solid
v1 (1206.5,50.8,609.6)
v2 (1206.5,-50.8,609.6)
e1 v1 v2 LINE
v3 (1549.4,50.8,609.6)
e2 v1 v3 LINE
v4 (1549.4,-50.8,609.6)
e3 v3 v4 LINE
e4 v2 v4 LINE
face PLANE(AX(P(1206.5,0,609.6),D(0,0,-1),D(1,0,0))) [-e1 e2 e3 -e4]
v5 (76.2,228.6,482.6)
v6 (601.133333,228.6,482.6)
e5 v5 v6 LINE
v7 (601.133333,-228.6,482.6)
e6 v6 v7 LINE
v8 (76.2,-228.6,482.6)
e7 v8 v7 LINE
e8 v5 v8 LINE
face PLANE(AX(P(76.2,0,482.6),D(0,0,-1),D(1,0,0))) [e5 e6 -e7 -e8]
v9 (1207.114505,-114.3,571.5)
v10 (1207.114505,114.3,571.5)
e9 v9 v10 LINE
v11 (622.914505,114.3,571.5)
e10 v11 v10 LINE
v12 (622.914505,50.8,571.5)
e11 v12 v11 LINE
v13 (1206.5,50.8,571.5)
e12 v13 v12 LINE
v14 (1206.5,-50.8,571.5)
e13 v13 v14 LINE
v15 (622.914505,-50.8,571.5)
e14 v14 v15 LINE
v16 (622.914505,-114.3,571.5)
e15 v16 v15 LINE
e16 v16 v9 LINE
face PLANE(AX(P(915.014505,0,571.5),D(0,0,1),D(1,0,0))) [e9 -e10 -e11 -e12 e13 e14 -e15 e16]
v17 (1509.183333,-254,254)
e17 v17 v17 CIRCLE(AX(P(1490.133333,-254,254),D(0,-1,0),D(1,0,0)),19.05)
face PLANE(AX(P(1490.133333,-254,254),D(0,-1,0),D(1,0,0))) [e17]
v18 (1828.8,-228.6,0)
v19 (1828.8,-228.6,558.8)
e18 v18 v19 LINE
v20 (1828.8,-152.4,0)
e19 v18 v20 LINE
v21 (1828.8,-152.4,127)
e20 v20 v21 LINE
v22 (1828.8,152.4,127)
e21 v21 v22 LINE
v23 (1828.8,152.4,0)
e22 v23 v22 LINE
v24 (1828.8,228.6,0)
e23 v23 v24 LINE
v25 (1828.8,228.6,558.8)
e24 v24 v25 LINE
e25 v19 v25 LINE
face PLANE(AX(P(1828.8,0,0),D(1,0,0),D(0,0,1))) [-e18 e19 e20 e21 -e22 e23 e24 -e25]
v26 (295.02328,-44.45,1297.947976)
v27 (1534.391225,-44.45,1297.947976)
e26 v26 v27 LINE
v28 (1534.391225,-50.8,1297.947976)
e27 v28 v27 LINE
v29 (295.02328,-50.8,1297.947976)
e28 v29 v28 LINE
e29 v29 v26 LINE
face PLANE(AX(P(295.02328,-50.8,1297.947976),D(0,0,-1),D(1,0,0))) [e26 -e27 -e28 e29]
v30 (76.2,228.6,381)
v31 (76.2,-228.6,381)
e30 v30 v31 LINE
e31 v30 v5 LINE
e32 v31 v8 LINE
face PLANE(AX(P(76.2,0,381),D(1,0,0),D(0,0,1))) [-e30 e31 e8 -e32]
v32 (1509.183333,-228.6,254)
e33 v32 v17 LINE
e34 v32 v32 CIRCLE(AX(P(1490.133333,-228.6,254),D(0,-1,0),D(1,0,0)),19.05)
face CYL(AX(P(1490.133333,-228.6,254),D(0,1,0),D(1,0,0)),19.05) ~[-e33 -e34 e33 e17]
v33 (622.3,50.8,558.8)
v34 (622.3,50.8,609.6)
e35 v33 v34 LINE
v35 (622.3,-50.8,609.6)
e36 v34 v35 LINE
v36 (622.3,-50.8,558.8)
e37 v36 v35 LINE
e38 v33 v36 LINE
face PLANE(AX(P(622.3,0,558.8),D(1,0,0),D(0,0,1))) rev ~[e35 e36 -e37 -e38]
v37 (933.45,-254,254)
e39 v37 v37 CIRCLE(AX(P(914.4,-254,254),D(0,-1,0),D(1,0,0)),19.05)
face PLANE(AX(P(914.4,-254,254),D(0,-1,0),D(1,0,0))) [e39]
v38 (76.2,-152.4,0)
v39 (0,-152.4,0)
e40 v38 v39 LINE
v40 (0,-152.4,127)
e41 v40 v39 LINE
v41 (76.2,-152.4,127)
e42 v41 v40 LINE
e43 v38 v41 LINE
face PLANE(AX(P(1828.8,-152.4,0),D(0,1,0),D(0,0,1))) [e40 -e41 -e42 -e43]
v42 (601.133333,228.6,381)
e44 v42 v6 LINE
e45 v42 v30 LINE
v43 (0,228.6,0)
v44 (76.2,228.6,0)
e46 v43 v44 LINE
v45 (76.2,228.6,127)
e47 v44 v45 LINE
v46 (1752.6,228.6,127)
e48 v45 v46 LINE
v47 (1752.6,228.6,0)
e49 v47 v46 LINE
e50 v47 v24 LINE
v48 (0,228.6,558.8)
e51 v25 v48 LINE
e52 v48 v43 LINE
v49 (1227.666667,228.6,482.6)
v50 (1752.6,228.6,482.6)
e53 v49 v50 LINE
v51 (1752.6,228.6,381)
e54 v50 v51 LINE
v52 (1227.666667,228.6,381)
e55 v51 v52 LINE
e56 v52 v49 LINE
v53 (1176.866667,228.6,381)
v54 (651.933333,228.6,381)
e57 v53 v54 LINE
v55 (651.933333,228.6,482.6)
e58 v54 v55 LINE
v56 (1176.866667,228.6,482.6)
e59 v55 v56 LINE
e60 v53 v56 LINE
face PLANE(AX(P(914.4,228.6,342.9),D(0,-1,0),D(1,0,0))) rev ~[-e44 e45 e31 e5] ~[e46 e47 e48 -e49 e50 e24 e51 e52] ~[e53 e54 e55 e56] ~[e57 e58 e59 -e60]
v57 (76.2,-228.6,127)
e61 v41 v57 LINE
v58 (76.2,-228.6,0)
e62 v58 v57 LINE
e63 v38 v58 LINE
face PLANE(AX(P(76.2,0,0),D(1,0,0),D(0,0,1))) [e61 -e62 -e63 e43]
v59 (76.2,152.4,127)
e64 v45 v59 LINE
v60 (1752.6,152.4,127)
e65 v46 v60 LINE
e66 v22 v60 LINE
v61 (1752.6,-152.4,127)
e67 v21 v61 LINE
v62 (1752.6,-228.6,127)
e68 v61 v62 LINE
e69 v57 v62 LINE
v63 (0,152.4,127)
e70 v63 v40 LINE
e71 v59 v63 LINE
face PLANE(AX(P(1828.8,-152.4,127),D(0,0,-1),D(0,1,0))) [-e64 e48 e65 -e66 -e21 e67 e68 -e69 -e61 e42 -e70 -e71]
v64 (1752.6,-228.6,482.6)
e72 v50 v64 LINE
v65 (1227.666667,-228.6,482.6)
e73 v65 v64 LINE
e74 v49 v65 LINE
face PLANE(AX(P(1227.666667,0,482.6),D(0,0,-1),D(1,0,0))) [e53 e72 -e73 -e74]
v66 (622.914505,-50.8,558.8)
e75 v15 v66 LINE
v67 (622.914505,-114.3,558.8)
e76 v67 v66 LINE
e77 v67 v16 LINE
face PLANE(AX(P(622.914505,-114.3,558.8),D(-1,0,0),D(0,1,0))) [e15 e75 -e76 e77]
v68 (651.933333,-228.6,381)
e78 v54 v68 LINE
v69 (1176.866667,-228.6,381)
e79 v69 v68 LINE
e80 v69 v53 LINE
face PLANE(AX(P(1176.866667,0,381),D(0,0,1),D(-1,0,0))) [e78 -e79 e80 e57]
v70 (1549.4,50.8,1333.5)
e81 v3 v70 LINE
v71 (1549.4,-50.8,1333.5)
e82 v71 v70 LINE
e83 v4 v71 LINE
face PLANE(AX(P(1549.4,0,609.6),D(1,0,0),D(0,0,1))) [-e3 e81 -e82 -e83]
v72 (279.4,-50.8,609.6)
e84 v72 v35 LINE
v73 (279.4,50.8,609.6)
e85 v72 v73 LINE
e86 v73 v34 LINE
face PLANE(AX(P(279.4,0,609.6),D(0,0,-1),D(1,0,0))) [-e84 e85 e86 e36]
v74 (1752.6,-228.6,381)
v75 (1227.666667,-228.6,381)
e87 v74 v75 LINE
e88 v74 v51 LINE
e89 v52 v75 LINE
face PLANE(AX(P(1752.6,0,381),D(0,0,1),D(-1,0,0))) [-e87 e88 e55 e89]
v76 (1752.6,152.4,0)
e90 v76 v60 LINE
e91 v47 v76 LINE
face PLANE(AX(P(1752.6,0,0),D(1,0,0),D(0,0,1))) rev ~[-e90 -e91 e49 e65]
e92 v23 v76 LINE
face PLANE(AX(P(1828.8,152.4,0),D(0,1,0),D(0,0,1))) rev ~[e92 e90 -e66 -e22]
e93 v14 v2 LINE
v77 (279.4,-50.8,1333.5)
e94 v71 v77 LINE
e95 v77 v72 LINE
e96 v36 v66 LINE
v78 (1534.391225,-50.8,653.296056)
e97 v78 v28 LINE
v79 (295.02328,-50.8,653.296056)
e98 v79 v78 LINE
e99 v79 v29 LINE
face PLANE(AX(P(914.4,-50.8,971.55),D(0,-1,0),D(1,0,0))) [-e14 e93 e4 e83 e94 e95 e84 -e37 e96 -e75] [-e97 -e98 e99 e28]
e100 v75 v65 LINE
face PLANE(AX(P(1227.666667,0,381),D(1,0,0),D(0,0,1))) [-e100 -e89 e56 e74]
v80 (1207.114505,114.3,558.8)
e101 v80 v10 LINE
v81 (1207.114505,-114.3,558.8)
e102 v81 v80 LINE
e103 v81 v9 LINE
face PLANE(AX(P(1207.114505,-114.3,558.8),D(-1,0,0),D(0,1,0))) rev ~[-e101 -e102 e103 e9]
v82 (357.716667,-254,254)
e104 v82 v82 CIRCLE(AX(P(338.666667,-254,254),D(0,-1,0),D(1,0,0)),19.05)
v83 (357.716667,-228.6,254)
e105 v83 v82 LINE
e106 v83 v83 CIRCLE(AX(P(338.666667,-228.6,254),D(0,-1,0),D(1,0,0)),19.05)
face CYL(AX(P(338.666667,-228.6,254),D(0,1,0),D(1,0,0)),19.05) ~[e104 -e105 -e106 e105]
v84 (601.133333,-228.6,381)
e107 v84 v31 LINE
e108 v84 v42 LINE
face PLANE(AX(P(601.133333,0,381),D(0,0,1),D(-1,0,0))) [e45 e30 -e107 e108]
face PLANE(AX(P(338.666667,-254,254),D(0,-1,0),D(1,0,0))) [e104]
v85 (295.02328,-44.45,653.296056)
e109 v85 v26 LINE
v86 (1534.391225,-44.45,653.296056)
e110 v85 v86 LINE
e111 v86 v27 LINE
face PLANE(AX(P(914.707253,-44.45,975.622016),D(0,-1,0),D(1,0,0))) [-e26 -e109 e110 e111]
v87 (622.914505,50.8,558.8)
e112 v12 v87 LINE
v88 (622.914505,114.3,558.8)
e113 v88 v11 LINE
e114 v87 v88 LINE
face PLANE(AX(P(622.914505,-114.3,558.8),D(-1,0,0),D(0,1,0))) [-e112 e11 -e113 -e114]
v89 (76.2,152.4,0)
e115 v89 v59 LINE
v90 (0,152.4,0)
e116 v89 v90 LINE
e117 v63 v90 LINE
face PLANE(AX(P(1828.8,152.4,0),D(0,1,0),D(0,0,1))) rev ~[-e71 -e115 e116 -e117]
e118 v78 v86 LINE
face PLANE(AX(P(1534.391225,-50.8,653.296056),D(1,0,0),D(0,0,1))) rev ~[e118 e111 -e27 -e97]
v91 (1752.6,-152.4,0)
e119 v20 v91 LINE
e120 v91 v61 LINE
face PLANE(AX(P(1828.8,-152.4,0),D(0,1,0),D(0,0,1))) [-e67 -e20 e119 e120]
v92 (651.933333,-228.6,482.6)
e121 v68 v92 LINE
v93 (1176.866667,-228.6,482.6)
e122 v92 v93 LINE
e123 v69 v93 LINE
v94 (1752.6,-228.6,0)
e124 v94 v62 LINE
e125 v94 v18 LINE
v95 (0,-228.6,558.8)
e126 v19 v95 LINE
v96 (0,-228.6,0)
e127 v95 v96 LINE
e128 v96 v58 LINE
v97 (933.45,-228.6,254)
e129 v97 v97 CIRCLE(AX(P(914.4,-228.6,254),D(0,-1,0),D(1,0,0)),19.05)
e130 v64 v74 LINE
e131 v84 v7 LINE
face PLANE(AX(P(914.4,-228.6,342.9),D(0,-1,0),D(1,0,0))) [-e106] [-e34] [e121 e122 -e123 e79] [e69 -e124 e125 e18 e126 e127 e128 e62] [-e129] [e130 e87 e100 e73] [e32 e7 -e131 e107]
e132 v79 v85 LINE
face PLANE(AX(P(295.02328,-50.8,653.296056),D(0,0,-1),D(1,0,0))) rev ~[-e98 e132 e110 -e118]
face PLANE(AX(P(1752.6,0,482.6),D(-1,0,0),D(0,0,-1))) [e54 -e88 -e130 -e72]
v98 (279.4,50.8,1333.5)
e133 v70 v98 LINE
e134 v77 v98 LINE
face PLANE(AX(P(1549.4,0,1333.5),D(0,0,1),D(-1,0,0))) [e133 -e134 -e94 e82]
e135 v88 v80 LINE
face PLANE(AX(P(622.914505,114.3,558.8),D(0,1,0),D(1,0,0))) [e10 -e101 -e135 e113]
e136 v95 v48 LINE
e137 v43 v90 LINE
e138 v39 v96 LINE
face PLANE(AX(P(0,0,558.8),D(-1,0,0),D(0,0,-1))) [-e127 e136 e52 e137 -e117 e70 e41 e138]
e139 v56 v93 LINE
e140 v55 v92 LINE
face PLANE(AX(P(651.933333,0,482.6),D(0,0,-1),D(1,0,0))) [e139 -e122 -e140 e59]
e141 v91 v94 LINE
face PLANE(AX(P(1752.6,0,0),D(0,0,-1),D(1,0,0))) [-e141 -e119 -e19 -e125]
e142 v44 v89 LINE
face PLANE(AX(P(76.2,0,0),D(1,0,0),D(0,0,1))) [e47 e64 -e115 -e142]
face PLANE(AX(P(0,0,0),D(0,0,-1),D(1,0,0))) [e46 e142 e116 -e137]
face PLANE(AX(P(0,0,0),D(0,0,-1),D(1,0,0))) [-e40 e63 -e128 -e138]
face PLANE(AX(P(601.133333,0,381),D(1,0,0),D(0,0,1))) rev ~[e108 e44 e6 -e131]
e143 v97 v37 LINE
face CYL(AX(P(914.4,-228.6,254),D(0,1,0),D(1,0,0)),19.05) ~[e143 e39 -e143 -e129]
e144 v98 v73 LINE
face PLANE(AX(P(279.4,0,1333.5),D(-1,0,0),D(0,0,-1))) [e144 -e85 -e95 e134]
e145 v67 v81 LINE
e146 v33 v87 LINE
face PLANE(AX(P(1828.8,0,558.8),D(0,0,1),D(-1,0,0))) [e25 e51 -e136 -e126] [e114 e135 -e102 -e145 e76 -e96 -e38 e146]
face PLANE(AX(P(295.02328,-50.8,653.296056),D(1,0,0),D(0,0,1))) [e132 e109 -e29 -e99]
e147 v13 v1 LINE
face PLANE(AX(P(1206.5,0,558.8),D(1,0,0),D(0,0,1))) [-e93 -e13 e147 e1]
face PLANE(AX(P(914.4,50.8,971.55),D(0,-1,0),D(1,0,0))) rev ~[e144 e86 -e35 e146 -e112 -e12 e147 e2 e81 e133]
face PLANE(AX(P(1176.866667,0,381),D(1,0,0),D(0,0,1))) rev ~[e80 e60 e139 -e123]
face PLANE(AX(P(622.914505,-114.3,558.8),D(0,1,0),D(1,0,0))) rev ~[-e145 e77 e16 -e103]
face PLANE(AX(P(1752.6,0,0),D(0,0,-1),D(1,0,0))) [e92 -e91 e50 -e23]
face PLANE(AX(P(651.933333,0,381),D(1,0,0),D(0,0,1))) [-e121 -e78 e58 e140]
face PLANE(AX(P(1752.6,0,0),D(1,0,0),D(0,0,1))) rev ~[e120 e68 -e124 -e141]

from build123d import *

# Parameters (mm, degrees)
F0_W      = 76.2
F0_H      = 127
F0_W_2    = 50.8
F0_H_2    = 101.6
F1_DEPTH  = 228.6
F2_W      = 304.8
F2_H      = 127
F3_DEPTH  = 1828.801
F0_W_3    = 584.2
F0_H_3    = 50.8
F4_DEPTH  = 50.8
F5_W      = 584.2
F5_H      = 228.6
F6_DEPTH  = 12.7
F7_R      = 19.05
F8_DEPTH  = 25.4
F9_W      = 1239.3679447479
F9_H      = 644.6519196678
F10_DEPTH = 6.35


with BuildPart() as f1:
    # F0 (on Front) → F1 (new body, symmetric)
    with BuildSketch(Plane.XZ):
        Polygon((0, 558.8), (0, 127), (76.2, 127), (1752.6, 127), (1828.8, 127), (1828.8, 558.8), (1206.5, 558.8), (622.3, 558.8), align=None)
        Polygon((76.2, 381), (76.2, 482.6), (601.1333333333, 482.6), (651.9333333333, 482.6), (1176.8666666667, 482.6), (1227.6666666667, 482.6), (1752.6, 482.6), (1752.6, 381), (1227.6666666667, 381), (1176.8666666667, 381), (651.9333333333, 381), (601.1333333333, 381), align=None, mode=Mode.SUBTRACT)
        with Locations((38.1, 63.5)):
            Rectangle(F0_W, F0_H)
        with Locations((1790.7, 63.5)):
            Rectangle(F0_W, F0_H)
        with Locations((626.5333333333, 431.8)):
            Rectangle(F0_W_2, F0_H_2)
        with Locations((1202.2666666667, 431.8)):
            Rectangle(F0_W_2, F0_H_2)
    extrude(amount=F1_DEPTH, both=True)

    # F2 (on face) → F3 (cut, through all)
    with BuildSketch(Plane.YZ.offset(1828.8)):
        with Locations((0, 63.5)):
            Rectangle(F2_W, F2_H)
    extrude(amount=-F3_DEPTH, mode=Mode.SUBTRACT)

    # F0 (on Front) → F4 (join, symmetric)
    with BuildSketch(Plane.XZ):
        Polygon((279.4, 609.6), (622.3, 609.6), (1206.5, 609.6), (1549.4, 609.6), (1549.4, 1333.5), (279.4, 1333.5), align=None)
        with Locations((914.4, 584.2)):
            Rectangle(F0_W_3, F0_H_3)
    extrude(amount=F4_DEPTH, both=True)

    # F5 (on face) → F6 (join)
    with BuildSketch(Plane.XY.offset(558.8)):
        with Locations((915.0145053864, 0)):
            Rectangle(F5_W, F5_H)
    extrude(amount=F6_DEPTH)

    # F7 (on face) → F8 (join)
    with BuildSketch(Plane.XZ.offset(228.6)):
        with Locations((338.6666666667, 254)):
            Circle(F7_R)
        with Locations((914.4, 254)):
            Circle(F7_R)
        with Locations((1490.1333333333, 254)):
            Circle(F7_R)
    extrude(amount=F8_DEPTH)

    # F9 (on face) → F10 (cut)
    with BuildSketch(Plane.XZ.offset(50.8)):
        with Locations((914.7072526932, 975.6220156918)):
            Rectangle(F9_W, F9_H)
    extrude(amount=-F10_DEPTH, mode=Mode.SUBTRACT)


solid = f1.part
